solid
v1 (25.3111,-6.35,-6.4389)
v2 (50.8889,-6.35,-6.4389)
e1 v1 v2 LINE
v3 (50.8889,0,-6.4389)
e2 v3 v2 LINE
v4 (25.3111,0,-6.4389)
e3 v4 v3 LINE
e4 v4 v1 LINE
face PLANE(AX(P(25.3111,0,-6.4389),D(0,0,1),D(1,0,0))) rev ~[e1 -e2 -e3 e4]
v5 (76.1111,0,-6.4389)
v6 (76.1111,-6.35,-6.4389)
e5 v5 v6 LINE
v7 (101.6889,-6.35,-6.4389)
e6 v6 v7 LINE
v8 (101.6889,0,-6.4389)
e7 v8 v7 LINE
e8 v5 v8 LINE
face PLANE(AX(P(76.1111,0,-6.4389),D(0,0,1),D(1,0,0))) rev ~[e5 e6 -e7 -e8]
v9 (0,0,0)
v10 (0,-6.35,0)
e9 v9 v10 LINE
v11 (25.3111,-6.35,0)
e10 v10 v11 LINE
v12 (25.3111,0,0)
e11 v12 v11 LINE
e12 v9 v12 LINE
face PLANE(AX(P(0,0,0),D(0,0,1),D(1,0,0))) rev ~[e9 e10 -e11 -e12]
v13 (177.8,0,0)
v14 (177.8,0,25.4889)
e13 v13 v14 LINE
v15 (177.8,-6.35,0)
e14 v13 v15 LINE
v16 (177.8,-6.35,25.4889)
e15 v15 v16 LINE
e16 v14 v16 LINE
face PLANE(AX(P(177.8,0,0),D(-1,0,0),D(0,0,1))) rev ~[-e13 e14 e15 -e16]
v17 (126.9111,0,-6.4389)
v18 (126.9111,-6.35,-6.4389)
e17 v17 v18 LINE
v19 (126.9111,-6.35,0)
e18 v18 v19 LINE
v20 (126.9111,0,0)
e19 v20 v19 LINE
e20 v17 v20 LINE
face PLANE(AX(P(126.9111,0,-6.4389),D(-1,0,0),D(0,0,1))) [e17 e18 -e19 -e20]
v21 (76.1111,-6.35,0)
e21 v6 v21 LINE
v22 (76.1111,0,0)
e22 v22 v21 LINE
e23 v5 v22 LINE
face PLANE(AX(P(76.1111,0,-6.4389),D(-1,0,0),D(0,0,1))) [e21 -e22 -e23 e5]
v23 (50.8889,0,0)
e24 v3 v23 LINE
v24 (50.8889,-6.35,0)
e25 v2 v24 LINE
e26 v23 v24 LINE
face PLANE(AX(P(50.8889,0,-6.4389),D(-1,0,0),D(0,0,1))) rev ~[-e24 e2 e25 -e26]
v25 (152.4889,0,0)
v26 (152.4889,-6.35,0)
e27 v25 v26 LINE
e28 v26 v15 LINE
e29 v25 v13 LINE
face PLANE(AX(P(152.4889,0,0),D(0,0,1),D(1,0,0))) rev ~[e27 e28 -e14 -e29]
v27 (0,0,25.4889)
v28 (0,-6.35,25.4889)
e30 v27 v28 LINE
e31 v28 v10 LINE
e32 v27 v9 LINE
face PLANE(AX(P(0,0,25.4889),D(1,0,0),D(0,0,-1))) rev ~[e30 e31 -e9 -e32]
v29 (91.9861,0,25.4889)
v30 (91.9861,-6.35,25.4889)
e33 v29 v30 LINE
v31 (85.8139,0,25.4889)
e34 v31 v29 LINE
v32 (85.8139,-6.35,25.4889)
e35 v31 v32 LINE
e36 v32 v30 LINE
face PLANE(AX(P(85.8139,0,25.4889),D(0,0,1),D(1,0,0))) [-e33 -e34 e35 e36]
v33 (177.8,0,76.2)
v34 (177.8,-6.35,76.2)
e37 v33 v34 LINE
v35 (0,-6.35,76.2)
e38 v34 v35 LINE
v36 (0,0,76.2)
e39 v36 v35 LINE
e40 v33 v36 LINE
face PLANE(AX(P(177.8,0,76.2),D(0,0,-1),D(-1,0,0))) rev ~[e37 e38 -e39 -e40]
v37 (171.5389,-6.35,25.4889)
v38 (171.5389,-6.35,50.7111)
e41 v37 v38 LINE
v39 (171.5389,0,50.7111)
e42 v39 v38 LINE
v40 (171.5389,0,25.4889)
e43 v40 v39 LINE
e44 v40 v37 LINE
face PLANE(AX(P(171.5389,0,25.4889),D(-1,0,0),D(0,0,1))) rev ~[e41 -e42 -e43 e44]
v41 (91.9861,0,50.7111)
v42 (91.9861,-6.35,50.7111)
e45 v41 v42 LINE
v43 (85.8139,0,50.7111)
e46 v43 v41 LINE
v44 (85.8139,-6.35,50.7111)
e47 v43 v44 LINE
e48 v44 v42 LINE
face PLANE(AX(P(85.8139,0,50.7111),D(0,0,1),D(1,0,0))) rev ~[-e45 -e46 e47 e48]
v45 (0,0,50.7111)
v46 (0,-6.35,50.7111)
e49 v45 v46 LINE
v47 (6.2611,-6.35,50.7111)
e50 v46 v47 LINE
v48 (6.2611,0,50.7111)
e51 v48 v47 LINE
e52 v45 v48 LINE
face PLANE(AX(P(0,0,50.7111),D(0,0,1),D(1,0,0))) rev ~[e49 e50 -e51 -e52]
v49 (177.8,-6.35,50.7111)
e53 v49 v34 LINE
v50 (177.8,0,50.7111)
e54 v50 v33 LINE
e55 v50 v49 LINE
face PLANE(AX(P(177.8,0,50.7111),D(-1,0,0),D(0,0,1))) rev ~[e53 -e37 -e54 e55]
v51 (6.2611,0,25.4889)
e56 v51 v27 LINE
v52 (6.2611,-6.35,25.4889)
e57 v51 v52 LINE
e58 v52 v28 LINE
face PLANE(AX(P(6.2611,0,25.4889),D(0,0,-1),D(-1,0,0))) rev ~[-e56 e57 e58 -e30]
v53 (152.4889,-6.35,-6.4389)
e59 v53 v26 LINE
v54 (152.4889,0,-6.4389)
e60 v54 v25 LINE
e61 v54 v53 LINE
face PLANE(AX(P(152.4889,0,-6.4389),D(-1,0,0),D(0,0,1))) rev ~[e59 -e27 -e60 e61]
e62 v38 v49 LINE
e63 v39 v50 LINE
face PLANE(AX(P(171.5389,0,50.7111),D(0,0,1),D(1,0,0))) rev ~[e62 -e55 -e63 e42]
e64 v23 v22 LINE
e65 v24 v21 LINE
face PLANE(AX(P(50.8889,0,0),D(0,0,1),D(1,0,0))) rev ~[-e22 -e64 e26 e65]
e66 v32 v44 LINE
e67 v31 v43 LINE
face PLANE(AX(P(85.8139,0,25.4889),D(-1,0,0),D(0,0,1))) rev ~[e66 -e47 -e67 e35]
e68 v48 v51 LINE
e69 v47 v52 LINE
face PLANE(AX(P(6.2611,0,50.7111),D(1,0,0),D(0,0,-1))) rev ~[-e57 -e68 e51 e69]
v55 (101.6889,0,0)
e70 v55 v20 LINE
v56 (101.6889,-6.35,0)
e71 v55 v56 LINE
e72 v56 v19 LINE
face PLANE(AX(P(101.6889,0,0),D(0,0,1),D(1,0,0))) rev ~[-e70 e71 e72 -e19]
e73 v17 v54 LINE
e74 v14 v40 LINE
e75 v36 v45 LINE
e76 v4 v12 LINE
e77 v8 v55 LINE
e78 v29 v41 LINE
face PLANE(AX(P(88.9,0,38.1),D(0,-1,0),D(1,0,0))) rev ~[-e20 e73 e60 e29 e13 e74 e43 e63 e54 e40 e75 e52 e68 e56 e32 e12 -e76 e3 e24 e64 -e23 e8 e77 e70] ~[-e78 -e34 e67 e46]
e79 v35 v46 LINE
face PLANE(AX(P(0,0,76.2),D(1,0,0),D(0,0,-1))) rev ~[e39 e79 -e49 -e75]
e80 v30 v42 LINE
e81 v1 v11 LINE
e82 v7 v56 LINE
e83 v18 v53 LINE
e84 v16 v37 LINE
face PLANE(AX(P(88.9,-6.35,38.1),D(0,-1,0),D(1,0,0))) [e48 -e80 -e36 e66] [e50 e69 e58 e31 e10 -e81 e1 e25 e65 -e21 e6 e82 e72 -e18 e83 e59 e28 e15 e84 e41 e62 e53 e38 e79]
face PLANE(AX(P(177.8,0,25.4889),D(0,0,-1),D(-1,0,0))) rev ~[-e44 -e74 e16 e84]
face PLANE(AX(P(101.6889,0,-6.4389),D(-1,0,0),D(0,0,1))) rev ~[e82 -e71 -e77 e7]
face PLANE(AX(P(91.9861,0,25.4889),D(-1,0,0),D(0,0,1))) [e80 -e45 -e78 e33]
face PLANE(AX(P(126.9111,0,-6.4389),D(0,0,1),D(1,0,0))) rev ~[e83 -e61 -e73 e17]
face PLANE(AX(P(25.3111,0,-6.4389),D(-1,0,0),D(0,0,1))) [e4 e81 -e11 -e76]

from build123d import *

# Parameters (mm, degrees)
F0_W     = 6.1722
F0_H     = 25.2222
F0_W_2   = 25.5778
F0_H_2   = 6.4389
F1_DEPTH = 6.35


with BuildPart() as f1:
    # F0 (on Front) → F1 (new body)
    with BuildSketch(Plane.XZ):
        Polygon((0, 25.4889), (0, 0), (25.3111, 0), (50.8889, 0), (76.1111, 0), (101.6889, 0), (126.9111, 0), (152.4889, 0), (177.8, 0), (177.8, 25.4889), (171.5389, 25.4889), (171.5389, 50.7111), (177.8, 50.7111), (177.8, 76.2), (0, 76.2), (0, 50.7111), (6.2611, 50.7111), (6.2611, 25.4889), align=None)
        with Locations((88.9, 38.1)):
            Rectangle(F0_W, F0_H, mode=Mode.SUBTRACT)
        with Locations((38.1, -3.21945)):
            Rectangle(F0_W_2, F0_H_2)
        with Locations((88.9, -3.21945)):
            Rectangle(F0_W_2, F0_H_2)
        with Locations((139.7, -3.21945)):
            Rectangle(F0_W_2, F0_H_2)
    extrude(amount=F1_DEPTH)


solid = f1.part
